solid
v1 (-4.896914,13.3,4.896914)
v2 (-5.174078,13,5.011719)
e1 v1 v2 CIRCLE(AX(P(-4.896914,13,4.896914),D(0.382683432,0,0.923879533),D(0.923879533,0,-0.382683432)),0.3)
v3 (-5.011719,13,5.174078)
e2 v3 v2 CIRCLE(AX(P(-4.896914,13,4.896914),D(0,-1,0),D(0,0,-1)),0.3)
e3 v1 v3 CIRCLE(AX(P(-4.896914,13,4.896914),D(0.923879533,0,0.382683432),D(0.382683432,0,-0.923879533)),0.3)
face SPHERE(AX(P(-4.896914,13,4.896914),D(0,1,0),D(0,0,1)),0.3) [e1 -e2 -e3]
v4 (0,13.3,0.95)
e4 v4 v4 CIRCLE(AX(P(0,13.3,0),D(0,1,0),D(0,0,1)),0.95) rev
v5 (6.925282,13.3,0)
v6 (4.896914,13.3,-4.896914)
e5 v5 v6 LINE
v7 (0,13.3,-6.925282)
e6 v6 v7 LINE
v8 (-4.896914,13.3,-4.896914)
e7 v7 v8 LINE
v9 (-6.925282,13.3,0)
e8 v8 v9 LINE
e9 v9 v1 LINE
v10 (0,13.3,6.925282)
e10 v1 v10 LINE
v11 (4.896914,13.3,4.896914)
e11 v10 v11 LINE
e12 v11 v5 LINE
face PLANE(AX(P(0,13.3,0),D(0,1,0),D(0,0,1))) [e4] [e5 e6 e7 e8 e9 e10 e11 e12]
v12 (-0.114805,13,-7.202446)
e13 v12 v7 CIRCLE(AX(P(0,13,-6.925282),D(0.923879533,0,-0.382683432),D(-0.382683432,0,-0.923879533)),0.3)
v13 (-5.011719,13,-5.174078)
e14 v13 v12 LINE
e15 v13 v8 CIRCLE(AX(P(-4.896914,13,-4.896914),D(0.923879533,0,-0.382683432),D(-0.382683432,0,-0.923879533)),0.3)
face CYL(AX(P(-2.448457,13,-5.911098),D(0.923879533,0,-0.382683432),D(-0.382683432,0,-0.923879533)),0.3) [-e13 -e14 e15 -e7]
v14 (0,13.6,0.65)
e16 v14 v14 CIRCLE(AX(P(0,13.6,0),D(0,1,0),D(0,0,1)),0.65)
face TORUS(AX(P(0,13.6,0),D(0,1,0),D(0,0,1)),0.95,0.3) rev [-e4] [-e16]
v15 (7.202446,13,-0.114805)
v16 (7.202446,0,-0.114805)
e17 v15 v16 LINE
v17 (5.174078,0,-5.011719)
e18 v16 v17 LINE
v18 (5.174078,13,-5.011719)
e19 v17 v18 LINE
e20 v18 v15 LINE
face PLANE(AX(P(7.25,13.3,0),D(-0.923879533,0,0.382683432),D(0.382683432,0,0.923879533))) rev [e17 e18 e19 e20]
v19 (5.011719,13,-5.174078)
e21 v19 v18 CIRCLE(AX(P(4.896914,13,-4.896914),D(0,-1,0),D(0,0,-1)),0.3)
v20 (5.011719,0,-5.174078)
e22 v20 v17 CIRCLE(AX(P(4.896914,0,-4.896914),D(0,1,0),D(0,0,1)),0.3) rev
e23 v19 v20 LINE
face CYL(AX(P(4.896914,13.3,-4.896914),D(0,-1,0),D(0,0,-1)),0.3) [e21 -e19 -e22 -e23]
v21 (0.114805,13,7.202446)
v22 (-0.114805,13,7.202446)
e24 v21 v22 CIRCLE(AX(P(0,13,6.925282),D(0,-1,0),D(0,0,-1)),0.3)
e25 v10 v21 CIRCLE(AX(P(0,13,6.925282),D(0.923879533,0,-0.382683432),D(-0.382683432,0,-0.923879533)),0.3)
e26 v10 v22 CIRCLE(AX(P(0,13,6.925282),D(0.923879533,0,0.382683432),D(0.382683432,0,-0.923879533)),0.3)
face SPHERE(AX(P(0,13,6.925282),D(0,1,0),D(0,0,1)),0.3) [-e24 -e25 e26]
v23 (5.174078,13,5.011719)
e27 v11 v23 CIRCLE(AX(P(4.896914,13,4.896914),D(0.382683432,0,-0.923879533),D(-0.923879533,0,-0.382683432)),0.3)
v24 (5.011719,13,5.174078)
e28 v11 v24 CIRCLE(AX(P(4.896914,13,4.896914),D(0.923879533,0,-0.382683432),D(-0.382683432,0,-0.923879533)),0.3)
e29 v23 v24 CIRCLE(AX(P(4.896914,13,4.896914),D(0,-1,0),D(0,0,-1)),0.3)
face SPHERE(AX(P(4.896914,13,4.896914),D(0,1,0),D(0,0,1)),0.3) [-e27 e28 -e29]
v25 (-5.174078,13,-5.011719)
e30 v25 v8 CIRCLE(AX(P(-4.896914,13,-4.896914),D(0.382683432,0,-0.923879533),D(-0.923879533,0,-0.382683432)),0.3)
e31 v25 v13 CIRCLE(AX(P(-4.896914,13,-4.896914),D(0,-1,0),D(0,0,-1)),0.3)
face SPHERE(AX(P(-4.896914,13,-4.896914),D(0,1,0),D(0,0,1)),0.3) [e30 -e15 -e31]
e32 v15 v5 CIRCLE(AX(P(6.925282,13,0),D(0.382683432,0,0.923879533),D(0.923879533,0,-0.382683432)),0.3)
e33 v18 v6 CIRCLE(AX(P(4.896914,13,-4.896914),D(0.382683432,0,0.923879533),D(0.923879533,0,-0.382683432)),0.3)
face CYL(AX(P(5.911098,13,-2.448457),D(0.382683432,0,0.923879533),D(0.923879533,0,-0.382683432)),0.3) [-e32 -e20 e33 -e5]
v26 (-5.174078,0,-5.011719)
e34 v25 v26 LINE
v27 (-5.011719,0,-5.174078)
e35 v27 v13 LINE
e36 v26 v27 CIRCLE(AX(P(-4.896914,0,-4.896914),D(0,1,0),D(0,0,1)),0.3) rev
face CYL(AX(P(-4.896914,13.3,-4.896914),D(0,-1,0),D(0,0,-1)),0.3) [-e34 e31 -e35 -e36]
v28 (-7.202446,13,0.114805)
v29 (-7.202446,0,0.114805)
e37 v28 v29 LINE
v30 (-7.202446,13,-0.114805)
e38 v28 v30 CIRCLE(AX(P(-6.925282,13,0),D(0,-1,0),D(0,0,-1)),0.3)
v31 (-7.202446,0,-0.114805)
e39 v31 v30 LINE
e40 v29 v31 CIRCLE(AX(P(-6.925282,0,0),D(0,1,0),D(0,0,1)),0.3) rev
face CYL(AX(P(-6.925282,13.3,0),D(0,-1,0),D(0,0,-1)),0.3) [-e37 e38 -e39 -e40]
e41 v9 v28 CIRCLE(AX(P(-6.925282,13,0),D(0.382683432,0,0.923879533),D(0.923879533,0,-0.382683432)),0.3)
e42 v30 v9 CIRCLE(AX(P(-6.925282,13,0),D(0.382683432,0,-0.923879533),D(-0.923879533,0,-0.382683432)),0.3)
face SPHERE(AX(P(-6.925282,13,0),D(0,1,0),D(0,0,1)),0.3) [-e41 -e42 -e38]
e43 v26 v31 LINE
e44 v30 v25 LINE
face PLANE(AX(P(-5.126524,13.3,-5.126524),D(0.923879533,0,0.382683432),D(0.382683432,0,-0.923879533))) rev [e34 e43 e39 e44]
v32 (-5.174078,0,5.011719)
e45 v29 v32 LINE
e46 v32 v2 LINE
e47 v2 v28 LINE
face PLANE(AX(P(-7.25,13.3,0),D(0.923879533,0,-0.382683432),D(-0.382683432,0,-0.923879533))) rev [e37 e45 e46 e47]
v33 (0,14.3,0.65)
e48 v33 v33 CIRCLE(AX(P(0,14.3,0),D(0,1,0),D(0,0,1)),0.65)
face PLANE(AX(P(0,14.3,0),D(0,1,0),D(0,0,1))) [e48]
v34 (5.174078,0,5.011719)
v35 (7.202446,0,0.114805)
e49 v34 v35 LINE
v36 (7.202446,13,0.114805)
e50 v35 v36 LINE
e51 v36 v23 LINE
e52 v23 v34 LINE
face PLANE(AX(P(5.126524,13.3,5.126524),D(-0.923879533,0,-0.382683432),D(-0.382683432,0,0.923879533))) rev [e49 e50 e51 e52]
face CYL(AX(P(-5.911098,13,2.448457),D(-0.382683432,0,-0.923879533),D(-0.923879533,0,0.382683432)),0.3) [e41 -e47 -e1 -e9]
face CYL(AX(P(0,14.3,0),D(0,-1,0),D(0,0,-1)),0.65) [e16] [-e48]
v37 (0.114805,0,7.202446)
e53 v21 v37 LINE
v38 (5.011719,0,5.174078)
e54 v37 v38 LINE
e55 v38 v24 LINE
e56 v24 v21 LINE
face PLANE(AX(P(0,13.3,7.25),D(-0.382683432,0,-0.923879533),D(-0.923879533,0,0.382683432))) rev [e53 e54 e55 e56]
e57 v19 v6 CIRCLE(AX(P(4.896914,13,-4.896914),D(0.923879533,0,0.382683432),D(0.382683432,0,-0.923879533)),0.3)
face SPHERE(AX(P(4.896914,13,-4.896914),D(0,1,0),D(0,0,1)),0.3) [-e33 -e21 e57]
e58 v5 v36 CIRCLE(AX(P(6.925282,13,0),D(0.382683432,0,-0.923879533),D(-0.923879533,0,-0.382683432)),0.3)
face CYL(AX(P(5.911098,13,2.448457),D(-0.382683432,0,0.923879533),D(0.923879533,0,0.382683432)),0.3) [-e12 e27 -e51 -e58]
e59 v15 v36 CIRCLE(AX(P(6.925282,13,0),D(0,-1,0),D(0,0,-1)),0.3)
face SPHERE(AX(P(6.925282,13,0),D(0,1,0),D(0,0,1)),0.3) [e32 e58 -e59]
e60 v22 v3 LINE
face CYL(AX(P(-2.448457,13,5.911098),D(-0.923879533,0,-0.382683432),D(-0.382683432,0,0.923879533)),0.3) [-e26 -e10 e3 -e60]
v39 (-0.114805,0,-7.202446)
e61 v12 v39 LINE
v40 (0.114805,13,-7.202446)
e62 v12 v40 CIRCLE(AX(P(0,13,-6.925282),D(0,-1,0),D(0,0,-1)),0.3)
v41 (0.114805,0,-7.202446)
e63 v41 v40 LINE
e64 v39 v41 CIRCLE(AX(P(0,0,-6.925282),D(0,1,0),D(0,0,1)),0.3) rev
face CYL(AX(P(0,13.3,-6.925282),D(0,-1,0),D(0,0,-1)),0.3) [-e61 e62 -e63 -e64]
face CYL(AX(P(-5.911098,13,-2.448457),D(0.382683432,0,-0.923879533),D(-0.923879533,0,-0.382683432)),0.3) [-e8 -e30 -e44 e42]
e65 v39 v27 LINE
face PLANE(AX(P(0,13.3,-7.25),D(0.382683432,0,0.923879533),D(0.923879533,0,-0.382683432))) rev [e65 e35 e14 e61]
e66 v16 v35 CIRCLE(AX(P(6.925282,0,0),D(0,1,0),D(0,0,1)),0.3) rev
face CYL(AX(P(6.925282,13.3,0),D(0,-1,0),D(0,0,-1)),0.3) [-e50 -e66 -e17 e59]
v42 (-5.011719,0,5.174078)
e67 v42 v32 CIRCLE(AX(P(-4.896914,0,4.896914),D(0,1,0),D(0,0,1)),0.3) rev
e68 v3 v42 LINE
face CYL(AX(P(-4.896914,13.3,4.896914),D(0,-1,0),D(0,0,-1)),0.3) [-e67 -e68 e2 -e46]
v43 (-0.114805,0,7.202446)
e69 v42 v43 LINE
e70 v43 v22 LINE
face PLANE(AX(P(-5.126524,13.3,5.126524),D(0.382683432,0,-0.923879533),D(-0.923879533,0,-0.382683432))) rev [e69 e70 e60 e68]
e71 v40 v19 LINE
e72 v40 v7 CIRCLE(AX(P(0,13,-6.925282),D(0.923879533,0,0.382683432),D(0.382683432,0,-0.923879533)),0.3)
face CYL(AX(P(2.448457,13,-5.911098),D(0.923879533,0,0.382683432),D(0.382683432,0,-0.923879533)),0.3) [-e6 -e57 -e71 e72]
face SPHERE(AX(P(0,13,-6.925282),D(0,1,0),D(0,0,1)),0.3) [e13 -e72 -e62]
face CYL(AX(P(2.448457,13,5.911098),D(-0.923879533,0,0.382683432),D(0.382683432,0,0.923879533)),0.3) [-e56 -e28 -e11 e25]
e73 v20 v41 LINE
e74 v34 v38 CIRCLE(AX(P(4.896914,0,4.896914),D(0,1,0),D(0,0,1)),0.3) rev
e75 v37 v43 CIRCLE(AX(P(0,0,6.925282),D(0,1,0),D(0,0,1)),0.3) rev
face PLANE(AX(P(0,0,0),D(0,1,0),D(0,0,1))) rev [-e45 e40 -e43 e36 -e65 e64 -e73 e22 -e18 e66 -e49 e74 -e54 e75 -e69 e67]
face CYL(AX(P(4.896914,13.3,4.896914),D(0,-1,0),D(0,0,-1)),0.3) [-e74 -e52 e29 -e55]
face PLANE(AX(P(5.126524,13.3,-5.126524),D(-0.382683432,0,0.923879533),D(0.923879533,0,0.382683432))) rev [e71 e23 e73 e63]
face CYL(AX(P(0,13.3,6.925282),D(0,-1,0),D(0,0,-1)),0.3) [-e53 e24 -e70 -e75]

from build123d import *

# Parameters (mm, degrees)
BOSS_EXTRUDE1_DEPTH = 13.3
SKETCH2_R           = 0.65
BOSS_EXTRUDE2_DEPTH = 1
FILLET1_R           = 0.3
FILLET2_R           = 0.3


with BuildPart() as part:
    # Sketch1 → Boss-Extrude1 (new body)
    with BuildSketch(Plane(origin=(0, 0, 0), x_dir=(1, 0, 0), z_dir=(0, 1, 0))):
        Polygon((7.25, 0), (5.126524164, 5.126524164), (0, 7.25), (-5.126524164, 5.126524164), (-7.25, 0), (-5.126524164, -5.126524164), (0, -7.25), (5.126524164, -5.126524164), align=None)
    extrude(amount=BOSS_EXTRUDE1_DEPTH)

    # Sketch2 → Boss-Extrude2 (add)
    with BuildSketch(Plane(origin=(0, 13.3, 0), x_dir=(1, 0, 0), z_dir=(0, 1, 0))):
        with Locations(Location((0, 0, 0), (0, 0, 270))):  # turned: the seam where the file's is
            Circle(SKETCH2_R)
    extrude(amount=BOSS_EXTRUDE2_DEPTH)

    # Fillet1
    fillet1_edges = [part.edges().sort_by_distance(p)[0] for p in [
        (5.126524164, 6.65, 5.126524164),
        (0, 6.65, 7.25),
        (-5.126524164, 6.65, 5.126524164),
        (-7.25, 6.65, 0),
        (-5.126524164, 6.65, -5.126524164),
        (0, 6.65, -7.25),
        (5.126524164, 6.65, -5.126524164),
        (7.25, 6.65, 0),
    ]]
    fillet(fillet1_edges, radius=FILLET1_R)

    # Fillet2
    fillet2_edges = [part.edges().sort_by_distance(p)[0] for p in [
        (0, 13.3, -0.65),
        (-2.563262082, 13.3, 6.188262082),
        (-6.188262082, 13.3, 2.563262082),
        (6.188262082, 13.3, 2.563262082),
        (6.188262082, 13.3, -2.563262082),
        (2.563262082, 13.3, -6.188262082),
        (-2.563262082, 13.3, -6.188262082),
        (-6.188262082, 13.3, -2.563262082),
        (2.563262082, 13.3, 6.188262082),
        (0, 13.3, 7.22528234),
        (5.109046139, 13.3, 5.109046139),
        (7.22528234, 13.3, 0),
        (5.109046139, 13.3, -5.109046139),
        (0, 13.3, -7.22528234),
        (-5.109046139, 13.3, -5.109046139),
        (-7.22528234, 13.3, 0),
        (-5.109046139, 13.3, 5.109046139),
    ]]
    fillet(fillet2_edges, radius=FILLET2_R)


solid = part.part
